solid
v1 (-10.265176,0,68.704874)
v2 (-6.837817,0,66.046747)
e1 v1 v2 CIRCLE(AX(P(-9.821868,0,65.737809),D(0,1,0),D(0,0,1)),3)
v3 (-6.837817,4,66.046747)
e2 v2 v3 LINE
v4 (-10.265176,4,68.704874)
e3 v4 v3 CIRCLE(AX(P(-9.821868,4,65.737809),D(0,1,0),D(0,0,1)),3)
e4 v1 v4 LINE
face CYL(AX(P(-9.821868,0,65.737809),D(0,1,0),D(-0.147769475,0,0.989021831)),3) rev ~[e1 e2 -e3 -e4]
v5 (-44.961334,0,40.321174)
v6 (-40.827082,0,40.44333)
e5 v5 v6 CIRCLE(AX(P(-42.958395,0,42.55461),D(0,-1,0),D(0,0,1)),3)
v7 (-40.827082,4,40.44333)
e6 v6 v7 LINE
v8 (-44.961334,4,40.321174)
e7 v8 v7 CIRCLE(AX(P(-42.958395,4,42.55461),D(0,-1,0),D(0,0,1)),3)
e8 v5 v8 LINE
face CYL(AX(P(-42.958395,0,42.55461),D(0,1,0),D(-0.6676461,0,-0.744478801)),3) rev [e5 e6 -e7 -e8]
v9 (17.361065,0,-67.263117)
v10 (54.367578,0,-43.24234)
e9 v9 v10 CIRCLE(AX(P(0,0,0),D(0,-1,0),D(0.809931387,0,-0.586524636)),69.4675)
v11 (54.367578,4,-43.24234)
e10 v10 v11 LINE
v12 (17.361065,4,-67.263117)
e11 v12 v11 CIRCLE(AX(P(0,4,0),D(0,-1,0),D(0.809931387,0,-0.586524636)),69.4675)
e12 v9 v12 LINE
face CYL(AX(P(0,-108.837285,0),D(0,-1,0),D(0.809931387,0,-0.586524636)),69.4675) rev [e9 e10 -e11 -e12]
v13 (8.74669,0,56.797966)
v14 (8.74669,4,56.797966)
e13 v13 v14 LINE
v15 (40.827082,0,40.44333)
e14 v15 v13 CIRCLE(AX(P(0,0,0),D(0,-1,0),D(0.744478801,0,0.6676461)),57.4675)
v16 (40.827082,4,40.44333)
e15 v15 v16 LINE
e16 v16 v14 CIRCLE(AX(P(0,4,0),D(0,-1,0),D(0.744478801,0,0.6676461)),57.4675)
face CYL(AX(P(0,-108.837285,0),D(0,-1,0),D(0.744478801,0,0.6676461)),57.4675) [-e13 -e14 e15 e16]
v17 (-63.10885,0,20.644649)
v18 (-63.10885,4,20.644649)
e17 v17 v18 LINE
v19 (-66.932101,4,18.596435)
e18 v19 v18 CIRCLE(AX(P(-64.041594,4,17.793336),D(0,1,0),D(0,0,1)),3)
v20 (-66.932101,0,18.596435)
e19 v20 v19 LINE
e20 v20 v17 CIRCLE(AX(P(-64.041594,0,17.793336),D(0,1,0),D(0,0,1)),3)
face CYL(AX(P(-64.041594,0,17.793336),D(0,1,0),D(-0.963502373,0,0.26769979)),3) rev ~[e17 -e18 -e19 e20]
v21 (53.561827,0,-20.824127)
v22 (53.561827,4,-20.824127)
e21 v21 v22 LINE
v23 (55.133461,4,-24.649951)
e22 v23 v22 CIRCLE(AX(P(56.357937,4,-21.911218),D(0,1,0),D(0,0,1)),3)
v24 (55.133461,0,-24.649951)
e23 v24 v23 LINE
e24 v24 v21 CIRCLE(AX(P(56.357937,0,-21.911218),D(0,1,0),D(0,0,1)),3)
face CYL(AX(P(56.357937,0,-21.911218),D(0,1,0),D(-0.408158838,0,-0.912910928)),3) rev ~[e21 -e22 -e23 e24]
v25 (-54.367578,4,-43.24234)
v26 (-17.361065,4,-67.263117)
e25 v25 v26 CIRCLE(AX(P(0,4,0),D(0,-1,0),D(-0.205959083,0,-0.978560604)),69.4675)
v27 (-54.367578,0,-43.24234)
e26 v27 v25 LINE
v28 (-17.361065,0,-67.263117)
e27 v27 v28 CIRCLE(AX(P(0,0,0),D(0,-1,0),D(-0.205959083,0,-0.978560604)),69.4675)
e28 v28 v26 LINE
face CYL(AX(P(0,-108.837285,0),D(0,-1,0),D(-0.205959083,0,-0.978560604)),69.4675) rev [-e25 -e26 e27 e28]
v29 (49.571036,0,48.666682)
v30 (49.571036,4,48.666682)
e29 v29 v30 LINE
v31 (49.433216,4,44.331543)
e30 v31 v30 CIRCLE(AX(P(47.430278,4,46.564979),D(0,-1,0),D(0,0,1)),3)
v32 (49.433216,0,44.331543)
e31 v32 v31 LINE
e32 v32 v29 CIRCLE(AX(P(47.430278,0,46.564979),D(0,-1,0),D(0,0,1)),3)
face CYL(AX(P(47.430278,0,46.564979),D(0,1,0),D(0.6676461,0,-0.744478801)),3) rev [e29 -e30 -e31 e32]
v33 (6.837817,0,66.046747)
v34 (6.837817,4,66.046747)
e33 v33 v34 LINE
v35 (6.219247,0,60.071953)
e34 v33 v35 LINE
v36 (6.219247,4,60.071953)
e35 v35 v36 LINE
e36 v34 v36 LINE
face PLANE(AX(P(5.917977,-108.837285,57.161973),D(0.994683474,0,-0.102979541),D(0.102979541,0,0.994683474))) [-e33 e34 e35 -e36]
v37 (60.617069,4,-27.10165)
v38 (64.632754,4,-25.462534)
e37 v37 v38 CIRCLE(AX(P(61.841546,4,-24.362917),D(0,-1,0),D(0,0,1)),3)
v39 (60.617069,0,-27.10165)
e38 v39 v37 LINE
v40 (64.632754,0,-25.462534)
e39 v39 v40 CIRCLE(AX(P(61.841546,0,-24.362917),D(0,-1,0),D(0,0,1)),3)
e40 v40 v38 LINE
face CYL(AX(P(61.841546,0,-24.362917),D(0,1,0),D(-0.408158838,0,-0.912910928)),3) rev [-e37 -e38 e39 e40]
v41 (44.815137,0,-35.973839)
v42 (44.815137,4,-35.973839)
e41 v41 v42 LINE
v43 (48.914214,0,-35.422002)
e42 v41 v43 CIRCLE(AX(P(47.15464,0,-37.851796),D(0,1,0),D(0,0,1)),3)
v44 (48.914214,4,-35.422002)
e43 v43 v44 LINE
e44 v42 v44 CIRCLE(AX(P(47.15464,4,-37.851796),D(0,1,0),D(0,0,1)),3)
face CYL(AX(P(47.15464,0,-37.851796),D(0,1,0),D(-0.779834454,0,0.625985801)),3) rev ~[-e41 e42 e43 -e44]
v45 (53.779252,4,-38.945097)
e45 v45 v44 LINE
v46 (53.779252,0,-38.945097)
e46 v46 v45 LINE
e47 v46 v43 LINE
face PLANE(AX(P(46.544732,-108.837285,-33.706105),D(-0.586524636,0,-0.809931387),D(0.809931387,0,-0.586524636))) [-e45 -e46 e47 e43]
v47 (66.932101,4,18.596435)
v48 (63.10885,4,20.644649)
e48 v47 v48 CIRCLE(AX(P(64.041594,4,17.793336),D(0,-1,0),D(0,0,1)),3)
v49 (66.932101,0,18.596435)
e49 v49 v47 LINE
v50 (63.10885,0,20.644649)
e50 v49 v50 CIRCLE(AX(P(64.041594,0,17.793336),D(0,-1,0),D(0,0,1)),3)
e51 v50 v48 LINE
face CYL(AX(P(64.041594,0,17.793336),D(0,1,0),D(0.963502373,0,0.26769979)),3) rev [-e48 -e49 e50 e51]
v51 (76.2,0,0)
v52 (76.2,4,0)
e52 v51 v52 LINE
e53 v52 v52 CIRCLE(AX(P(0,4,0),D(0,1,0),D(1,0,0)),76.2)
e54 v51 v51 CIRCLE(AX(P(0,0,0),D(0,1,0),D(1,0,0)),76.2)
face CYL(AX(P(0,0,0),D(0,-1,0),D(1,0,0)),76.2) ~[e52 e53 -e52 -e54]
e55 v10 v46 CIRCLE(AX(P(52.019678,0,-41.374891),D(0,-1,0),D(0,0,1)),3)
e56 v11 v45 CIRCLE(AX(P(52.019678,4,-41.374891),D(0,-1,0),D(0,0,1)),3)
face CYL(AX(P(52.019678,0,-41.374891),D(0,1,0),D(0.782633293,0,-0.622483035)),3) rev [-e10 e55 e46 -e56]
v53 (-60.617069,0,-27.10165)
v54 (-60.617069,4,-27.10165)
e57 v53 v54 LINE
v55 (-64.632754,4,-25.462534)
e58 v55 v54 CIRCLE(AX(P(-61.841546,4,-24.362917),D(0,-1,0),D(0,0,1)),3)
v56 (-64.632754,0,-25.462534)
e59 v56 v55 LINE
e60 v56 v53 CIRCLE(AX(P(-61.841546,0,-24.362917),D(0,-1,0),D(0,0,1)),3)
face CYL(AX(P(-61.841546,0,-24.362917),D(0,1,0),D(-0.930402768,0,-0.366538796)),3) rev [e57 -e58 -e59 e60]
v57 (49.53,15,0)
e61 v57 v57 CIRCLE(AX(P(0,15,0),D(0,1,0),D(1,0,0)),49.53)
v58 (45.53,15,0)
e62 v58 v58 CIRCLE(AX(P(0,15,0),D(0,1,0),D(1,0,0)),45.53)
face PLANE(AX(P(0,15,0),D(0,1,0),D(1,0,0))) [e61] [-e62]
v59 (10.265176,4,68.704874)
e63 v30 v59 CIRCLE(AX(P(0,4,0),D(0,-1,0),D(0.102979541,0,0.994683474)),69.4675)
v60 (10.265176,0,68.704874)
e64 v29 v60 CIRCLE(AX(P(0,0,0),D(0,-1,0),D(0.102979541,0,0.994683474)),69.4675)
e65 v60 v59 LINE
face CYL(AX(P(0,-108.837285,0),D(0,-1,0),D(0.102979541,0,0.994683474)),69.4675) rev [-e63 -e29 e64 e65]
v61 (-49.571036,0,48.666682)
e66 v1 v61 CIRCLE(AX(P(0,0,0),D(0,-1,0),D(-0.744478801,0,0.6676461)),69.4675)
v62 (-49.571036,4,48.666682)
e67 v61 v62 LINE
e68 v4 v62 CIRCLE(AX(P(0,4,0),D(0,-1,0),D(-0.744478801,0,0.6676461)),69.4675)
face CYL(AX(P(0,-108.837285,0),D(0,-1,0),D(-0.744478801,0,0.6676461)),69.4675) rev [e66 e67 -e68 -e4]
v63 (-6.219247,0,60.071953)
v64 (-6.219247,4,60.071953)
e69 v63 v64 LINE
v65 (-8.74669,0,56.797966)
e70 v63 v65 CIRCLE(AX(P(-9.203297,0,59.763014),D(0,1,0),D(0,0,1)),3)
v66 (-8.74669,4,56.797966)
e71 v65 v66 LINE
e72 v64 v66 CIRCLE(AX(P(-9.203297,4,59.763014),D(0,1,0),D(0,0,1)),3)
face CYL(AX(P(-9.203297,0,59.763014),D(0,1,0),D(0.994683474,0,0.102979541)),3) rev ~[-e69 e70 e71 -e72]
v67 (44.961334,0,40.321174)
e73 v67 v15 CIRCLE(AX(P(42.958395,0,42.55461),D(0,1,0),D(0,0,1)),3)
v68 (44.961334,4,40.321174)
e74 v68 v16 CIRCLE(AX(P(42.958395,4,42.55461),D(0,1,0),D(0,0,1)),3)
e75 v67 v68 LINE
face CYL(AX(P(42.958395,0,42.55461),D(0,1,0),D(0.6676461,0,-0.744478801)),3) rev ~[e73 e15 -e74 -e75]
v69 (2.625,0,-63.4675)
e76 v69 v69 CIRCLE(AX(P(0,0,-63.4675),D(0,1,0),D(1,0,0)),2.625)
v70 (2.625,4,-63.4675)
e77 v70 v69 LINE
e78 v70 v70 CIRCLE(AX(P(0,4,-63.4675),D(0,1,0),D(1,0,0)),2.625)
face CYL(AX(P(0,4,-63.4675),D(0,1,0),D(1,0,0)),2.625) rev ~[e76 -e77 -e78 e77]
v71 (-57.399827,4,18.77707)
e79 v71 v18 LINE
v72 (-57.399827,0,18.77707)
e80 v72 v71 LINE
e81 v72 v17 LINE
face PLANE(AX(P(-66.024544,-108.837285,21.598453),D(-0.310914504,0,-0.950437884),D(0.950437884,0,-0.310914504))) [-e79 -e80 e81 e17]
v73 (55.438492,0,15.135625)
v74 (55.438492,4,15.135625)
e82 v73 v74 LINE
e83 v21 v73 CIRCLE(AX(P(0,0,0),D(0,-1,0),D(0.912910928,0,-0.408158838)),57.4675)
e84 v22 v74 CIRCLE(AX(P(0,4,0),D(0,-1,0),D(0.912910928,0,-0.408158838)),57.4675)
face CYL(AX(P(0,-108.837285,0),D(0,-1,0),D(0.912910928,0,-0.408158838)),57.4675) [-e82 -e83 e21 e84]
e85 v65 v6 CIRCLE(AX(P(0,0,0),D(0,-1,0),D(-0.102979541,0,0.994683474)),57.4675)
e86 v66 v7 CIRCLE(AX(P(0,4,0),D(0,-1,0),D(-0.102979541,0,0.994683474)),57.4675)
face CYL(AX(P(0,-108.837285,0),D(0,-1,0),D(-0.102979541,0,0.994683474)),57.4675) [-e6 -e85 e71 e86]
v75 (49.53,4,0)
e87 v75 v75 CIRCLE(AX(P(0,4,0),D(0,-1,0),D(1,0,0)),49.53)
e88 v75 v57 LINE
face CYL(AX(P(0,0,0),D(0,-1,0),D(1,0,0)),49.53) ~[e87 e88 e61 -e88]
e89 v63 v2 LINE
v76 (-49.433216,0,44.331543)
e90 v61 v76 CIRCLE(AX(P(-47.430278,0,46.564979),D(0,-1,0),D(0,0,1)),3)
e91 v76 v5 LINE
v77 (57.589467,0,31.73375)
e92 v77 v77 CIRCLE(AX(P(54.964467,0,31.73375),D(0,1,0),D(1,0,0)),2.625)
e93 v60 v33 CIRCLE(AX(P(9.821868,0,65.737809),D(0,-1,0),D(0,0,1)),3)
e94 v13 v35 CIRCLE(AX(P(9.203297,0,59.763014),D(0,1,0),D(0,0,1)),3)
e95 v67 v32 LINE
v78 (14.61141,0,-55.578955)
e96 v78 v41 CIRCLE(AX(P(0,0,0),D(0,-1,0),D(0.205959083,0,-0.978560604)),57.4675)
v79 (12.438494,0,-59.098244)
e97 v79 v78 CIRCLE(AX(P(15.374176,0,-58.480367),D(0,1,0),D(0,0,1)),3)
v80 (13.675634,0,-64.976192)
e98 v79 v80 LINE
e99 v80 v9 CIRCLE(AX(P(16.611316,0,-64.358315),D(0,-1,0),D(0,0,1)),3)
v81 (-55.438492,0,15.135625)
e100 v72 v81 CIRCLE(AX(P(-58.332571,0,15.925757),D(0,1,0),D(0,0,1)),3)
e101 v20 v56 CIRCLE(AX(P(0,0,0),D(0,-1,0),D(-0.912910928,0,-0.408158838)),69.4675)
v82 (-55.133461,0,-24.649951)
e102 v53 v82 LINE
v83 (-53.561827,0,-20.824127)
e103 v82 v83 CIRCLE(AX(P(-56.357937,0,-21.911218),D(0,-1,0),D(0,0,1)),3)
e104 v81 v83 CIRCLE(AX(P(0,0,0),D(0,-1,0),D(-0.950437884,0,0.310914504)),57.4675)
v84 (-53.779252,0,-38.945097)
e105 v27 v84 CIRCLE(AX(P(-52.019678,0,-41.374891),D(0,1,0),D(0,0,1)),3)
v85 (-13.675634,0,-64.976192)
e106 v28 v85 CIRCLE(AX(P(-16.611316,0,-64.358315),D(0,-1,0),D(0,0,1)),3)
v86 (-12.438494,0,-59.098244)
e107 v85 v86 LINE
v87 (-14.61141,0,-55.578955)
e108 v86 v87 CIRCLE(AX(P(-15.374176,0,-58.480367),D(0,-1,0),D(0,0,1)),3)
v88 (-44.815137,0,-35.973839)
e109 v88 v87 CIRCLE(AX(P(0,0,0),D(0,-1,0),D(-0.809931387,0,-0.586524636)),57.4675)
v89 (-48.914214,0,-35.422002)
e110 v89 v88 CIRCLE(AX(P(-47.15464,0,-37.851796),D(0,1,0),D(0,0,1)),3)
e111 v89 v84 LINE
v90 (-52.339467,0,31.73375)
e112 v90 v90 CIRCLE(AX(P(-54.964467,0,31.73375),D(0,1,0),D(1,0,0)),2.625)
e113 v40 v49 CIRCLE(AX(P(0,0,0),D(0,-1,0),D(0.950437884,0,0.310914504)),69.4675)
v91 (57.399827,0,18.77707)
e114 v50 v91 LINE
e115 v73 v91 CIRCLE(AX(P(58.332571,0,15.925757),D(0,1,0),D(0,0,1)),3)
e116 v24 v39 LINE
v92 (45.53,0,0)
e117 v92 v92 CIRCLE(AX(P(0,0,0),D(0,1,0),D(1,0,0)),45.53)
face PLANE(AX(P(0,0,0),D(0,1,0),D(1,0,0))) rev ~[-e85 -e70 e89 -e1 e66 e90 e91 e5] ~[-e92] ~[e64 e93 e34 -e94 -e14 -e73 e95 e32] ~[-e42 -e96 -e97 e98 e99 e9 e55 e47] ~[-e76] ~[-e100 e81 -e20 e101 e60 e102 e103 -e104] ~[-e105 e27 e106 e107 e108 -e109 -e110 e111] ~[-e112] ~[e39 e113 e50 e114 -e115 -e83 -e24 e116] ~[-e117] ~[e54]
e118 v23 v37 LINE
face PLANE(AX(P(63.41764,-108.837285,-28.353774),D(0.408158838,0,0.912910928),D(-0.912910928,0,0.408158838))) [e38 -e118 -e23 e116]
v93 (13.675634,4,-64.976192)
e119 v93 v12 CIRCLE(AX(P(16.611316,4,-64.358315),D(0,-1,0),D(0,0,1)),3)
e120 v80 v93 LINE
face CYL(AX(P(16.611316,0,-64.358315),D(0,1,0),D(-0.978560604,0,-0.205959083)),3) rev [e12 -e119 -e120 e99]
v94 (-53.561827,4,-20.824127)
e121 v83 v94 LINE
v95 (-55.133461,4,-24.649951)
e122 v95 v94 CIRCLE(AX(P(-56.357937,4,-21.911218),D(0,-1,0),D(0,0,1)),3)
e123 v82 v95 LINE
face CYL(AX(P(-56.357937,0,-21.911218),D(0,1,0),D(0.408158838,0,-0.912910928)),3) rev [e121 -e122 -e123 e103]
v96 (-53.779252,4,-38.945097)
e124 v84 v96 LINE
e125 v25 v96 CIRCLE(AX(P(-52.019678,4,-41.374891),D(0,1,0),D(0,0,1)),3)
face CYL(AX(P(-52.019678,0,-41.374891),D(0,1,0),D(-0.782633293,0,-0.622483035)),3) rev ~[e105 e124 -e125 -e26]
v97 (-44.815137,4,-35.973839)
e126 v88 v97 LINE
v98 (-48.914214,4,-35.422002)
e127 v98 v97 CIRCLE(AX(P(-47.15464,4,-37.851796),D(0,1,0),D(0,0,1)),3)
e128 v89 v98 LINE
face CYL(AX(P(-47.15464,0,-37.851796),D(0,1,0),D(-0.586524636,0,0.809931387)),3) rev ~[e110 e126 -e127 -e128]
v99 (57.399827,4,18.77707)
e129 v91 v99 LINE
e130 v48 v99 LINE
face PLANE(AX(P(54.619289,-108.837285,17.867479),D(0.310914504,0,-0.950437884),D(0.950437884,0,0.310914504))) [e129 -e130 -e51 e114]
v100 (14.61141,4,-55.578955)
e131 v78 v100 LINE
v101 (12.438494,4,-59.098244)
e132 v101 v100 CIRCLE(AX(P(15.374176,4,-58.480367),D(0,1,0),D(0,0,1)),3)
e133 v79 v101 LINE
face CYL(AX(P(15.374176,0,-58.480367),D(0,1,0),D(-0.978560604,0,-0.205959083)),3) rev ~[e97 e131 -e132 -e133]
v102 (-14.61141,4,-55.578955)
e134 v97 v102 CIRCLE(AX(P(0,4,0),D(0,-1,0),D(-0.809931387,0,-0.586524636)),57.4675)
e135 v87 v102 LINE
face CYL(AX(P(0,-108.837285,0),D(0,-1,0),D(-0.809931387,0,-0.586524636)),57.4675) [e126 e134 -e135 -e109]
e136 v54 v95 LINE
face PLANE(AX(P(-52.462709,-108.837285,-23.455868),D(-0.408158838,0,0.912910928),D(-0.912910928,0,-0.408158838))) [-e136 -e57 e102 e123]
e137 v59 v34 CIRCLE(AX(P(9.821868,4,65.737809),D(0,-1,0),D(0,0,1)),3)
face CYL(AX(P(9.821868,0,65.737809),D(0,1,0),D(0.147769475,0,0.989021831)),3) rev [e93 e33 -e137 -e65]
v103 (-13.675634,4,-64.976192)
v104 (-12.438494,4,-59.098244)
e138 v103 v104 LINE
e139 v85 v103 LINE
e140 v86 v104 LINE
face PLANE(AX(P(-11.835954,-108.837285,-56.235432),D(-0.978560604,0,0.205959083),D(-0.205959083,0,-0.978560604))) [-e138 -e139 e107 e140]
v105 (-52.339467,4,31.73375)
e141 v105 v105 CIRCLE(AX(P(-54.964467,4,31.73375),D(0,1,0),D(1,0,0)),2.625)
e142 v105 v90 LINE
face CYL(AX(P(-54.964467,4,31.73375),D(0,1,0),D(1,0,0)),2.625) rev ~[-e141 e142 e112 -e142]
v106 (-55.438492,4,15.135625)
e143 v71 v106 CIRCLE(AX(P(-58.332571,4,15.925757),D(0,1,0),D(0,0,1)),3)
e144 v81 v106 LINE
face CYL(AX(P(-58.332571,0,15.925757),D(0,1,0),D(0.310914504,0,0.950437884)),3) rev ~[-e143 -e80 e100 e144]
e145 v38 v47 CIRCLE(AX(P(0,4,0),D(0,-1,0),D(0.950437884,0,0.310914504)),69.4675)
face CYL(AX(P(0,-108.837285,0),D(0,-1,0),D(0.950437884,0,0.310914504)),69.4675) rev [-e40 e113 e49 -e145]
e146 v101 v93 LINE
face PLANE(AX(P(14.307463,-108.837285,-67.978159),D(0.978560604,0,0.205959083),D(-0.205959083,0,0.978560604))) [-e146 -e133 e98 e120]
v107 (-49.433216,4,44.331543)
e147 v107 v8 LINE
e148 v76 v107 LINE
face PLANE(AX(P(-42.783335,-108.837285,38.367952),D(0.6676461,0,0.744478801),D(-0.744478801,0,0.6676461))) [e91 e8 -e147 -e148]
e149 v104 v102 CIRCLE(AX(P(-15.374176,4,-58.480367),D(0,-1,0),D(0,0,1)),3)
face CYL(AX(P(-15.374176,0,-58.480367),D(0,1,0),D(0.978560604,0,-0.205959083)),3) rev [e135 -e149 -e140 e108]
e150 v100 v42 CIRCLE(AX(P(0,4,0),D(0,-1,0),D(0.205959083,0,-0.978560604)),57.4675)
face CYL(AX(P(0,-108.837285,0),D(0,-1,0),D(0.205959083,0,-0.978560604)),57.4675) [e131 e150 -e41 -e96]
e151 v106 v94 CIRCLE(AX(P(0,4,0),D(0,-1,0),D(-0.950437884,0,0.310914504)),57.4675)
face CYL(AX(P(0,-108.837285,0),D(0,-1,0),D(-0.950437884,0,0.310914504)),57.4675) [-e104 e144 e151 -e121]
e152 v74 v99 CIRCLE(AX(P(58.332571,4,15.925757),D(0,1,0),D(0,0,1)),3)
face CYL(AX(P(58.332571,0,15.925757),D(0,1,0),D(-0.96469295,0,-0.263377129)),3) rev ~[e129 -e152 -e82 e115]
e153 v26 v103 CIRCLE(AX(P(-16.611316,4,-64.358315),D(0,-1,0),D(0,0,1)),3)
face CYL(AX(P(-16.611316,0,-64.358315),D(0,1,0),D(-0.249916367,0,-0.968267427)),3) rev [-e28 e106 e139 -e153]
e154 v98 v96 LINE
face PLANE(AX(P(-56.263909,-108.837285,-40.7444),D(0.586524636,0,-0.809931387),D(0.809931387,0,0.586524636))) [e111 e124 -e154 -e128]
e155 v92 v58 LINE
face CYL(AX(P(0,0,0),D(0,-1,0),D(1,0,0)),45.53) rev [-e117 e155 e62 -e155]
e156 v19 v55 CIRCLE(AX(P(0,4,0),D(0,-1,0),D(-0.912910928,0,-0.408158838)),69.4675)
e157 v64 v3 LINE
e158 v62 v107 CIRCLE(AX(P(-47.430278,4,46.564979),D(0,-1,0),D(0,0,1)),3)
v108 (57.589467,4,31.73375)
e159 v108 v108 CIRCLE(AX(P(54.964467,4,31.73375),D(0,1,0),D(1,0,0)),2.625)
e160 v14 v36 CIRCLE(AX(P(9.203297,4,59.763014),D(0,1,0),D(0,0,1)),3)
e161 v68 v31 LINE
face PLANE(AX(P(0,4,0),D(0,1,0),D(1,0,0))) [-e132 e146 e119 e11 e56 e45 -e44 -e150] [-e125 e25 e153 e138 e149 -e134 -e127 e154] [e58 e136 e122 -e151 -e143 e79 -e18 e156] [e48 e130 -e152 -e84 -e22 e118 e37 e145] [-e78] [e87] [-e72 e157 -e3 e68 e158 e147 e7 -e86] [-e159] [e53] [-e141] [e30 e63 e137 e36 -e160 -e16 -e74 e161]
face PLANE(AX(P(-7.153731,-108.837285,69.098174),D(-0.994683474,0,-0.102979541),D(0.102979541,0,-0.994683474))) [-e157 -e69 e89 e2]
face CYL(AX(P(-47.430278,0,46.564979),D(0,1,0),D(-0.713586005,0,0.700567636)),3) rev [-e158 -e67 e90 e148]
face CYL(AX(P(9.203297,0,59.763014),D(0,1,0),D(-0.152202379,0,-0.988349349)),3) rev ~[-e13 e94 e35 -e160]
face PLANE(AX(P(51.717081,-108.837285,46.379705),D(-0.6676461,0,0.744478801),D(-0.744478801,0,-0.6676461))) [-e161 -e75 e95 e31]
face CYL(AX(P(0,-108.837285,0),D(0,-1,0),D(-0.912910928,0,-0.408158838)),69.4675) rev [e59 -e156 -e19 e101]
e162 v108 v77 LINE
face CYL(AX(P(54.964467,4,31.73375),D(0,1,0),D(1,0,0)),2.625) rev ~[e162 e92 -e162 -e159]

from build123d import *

# Parameters (mm, degrees)
SKETCH1_R               = 76.2
SKETCH1_R_2             = 45.53
BOSS_EXTRUDE1_DEPTH     = 4
CUT_EXTRUDE1_DEPTH      = 108.837284832
CUT_EXTRUDE1_DEPTH_BACK = 108.837284832
SKETCH10_R              = 2.625
CUT_EXTRUDE5_DEPTH      = 6
FILLET1_R               = 3
SKETCH1_12_R            = 49.53
SKETCH1_12_R_2          = 45.53
BOSS_EXTRUDE2_DEPTH     = 15


with BuildPart() as part:
    # Sketch1 → Boss-Extrude1 (new body)
    with BuildSketch(Plane(origin=(0, 0, 0), x_dir=(1, 0, 0), z_dir=(0, 1, 0))):
        Circle(SKETCH1_R)
        Circle(SKETCH1_R_2, mode=Mode.SUBTRACT)
    extrude(amount=BOSS_EXTRUDE1_DEPTH)

    # Sketch1<7> → Cut-Extrude1 (cut, two sides: drawn at the far end of the back side and taken through both)
    with BuildSketch(Plane(origin=(0, 0, 0), x_dir=(1, 0, 0), z_dir=(0, 1, 0)).offset(-CUT_EXTRUDE1_DEPTH_BACK)):
        with BuildLine():
            Line((-11.835953591, 56.235431525), (-14.307462584, 67.978158777))
            ThreePointArc((-14.307462584, 67.978158777), (-37.821938213, 58.268641189), (-56.263908611, 40.744400156))
            Line((-56.263908611, 40.744400156), (-46.544731969, 33.706104523))
            ThreePointArc((-46.544731969, 33.706104523), (-31.288476399, 48.203161731), (-11.835953591, 56.235431525))
        make_face()
        with BuildLine():
            ThreePointArc((56.263908611, 40.744400156), (37.821938213, 58.268641189), (14.307462584, 67.978158777))
            Line((14.307462584, 67.978158777), (11.835953591, 56.235431525))
            ThreePointArc((11.835953591, 56.235431525), (31.288476399, 48.203161731), (46.544731969, 33.706104523))
            Line((46.544731969, 33.706104523), (56.263908611, 40.744400156))
        make_face()
        with BuildLine():
            Line((-52.462708765, 23.455868036), (-63.417639903, 28.353774095))
            ThreePointArc((-63.417639903, 28.353774095), (-69.373092621, 3.620438719), (-66.024543695, -21.598453327))
            Line((-66.024543695, -21.598453327), (-54.619289089, -17.867479275))
            ThreePointArc((-54.619289089, -17.867479275), (-57.389400801, 2.995034542), (-52.462708765, 23.455868036))
        make_face()
        with BuildLine():
            ThreePointArc((66.024543695, -21.598453327), (69.373092621, 3.620438719), (63.417639903, 28.353774095))
            Line((63.417639903, 28.353774095), (52.462708765, 23.455868036))
            ThreePointArc((52.462708765, 23.455868036), (57.389400801, 2.995034542), (54.619289089, -17.867479275))
            Line((54.619289089, -17.867479275), (66.024543695, -21.598453327))
        make_face()
        with BuildLine():
            Line((-42.783335499, -38.36795225), (-51.717081111, -46.37970545))
            ThreePointArc((-51.717081111, -46.37970545), (-31.551154407, -61.889079908), (-7.153731292, -69.098174251))
            Line((-7.153731292, -69.098174251), (-5.917976795, -57.16197256))
            ThreePointArc((-5.917976795, -57.16197256), (-26.100924402, -51.198196273), (-42.783335499, -38.36795225))
        make_face()
        with BuildLine():
            ThreePointArc((7.153731292, -69.098174251), (31.551154407, -61.889079908), (51.717081111, -46.37970545))
            Line((51.717081111, -46.37970545), (42.783335499, -38.36795225))
            ThreePointArc((42.783335499, -38.36795225), (26.100924402, -51.198196273), (5.917976795, -57.16197256))
            Line((5.917976795, -57.16197256), (7.153731292, -69.098174251))
        make_face()
    extrude(amount=CUT_EXTRUDE1_DEPTH + CUT_EXTRUDE1_DEPTH_BACK, mode=Mode.SUBTRACT)

    # Sketch10 → Cut-Extrude5 (cut)
    with BuildSketch(Plane(origin=(0, 4, 0), x_dir=(1, 0, 0), z_dir=(0, 1, 0))):
        with Locations((0, 63.4675)):
            Circle(SKETCH10_R)
        with Locations((54.964467315, -31.73375)):
            Circle(SKETCH10_R)
        with Locations((-54.964467315, -31.73375)):
            Circle(SKETCH10_R)
    extrude(amount=-CUT_EXTRUDE5_DEPTH, mode=Mode.SUBTRACT)

    # Fillet1
    fillet1_edges = [part.edges().sort_by_distance(p)[0] for p in [
        (-14.307462584, 2, -67.978158777),
        (-56.263908611, 2, -40.744400156),
        (-51.717081111, 2, 46.37970545),
        (11.835953591, 2, -56.235431525),
        (46.544731969, 2, -33.706104523),
        (7.153731292, 2, 69.098174251),
        (54.619289089, 2, 17.867479275),
        (-66.024543695, 2, 21.598453327),
        (66.024543695, 2, 21.598453327),
        (-7.153731292, 2, 69.098174251),
        (-46.544731969, 2, -33.706104523),
        (56.263908611, 2, -40.744400156),
        (-11.835953591, 2, -56.235431525),
        (-54.619289089, 2, 17.867479275),
        (-52.462708765, 2, -23.455868036),
        (51.717081111, 2, 46.37970545),
        (-5.917976795, 2, 57.16197256),
        (63.417639903, 2, -28.353774095),
        (-42.783335499, 2, 38.36795225),
        (42.783335499, 2, 38.36795225),
        (-63.417639903, 2, -28.353774095),
        (5.917976795, 2, 57.16197256),
        (52.462708765, 2, -23.455868036),
        (14.307462584, 2, -67.978158777),
    ]]
    fillet(fillet1_edges, radius=FILLET1_R)

    # Sketch1<12> → Boss-Extrude2 (add)
    with BuildSketch(Plane(origin=(0, 0, 0), x_dir=(1, 0, 0), z_dir=(0, 1, 0))):
        Circle(SKETCH1_12_R)
        Circle(SKETCH1_12_R_2, mode=Mode.SUBTRACT)
    extrude(amount=BOSS_EXTRUDE2_DEPTH)


solid = part.part
